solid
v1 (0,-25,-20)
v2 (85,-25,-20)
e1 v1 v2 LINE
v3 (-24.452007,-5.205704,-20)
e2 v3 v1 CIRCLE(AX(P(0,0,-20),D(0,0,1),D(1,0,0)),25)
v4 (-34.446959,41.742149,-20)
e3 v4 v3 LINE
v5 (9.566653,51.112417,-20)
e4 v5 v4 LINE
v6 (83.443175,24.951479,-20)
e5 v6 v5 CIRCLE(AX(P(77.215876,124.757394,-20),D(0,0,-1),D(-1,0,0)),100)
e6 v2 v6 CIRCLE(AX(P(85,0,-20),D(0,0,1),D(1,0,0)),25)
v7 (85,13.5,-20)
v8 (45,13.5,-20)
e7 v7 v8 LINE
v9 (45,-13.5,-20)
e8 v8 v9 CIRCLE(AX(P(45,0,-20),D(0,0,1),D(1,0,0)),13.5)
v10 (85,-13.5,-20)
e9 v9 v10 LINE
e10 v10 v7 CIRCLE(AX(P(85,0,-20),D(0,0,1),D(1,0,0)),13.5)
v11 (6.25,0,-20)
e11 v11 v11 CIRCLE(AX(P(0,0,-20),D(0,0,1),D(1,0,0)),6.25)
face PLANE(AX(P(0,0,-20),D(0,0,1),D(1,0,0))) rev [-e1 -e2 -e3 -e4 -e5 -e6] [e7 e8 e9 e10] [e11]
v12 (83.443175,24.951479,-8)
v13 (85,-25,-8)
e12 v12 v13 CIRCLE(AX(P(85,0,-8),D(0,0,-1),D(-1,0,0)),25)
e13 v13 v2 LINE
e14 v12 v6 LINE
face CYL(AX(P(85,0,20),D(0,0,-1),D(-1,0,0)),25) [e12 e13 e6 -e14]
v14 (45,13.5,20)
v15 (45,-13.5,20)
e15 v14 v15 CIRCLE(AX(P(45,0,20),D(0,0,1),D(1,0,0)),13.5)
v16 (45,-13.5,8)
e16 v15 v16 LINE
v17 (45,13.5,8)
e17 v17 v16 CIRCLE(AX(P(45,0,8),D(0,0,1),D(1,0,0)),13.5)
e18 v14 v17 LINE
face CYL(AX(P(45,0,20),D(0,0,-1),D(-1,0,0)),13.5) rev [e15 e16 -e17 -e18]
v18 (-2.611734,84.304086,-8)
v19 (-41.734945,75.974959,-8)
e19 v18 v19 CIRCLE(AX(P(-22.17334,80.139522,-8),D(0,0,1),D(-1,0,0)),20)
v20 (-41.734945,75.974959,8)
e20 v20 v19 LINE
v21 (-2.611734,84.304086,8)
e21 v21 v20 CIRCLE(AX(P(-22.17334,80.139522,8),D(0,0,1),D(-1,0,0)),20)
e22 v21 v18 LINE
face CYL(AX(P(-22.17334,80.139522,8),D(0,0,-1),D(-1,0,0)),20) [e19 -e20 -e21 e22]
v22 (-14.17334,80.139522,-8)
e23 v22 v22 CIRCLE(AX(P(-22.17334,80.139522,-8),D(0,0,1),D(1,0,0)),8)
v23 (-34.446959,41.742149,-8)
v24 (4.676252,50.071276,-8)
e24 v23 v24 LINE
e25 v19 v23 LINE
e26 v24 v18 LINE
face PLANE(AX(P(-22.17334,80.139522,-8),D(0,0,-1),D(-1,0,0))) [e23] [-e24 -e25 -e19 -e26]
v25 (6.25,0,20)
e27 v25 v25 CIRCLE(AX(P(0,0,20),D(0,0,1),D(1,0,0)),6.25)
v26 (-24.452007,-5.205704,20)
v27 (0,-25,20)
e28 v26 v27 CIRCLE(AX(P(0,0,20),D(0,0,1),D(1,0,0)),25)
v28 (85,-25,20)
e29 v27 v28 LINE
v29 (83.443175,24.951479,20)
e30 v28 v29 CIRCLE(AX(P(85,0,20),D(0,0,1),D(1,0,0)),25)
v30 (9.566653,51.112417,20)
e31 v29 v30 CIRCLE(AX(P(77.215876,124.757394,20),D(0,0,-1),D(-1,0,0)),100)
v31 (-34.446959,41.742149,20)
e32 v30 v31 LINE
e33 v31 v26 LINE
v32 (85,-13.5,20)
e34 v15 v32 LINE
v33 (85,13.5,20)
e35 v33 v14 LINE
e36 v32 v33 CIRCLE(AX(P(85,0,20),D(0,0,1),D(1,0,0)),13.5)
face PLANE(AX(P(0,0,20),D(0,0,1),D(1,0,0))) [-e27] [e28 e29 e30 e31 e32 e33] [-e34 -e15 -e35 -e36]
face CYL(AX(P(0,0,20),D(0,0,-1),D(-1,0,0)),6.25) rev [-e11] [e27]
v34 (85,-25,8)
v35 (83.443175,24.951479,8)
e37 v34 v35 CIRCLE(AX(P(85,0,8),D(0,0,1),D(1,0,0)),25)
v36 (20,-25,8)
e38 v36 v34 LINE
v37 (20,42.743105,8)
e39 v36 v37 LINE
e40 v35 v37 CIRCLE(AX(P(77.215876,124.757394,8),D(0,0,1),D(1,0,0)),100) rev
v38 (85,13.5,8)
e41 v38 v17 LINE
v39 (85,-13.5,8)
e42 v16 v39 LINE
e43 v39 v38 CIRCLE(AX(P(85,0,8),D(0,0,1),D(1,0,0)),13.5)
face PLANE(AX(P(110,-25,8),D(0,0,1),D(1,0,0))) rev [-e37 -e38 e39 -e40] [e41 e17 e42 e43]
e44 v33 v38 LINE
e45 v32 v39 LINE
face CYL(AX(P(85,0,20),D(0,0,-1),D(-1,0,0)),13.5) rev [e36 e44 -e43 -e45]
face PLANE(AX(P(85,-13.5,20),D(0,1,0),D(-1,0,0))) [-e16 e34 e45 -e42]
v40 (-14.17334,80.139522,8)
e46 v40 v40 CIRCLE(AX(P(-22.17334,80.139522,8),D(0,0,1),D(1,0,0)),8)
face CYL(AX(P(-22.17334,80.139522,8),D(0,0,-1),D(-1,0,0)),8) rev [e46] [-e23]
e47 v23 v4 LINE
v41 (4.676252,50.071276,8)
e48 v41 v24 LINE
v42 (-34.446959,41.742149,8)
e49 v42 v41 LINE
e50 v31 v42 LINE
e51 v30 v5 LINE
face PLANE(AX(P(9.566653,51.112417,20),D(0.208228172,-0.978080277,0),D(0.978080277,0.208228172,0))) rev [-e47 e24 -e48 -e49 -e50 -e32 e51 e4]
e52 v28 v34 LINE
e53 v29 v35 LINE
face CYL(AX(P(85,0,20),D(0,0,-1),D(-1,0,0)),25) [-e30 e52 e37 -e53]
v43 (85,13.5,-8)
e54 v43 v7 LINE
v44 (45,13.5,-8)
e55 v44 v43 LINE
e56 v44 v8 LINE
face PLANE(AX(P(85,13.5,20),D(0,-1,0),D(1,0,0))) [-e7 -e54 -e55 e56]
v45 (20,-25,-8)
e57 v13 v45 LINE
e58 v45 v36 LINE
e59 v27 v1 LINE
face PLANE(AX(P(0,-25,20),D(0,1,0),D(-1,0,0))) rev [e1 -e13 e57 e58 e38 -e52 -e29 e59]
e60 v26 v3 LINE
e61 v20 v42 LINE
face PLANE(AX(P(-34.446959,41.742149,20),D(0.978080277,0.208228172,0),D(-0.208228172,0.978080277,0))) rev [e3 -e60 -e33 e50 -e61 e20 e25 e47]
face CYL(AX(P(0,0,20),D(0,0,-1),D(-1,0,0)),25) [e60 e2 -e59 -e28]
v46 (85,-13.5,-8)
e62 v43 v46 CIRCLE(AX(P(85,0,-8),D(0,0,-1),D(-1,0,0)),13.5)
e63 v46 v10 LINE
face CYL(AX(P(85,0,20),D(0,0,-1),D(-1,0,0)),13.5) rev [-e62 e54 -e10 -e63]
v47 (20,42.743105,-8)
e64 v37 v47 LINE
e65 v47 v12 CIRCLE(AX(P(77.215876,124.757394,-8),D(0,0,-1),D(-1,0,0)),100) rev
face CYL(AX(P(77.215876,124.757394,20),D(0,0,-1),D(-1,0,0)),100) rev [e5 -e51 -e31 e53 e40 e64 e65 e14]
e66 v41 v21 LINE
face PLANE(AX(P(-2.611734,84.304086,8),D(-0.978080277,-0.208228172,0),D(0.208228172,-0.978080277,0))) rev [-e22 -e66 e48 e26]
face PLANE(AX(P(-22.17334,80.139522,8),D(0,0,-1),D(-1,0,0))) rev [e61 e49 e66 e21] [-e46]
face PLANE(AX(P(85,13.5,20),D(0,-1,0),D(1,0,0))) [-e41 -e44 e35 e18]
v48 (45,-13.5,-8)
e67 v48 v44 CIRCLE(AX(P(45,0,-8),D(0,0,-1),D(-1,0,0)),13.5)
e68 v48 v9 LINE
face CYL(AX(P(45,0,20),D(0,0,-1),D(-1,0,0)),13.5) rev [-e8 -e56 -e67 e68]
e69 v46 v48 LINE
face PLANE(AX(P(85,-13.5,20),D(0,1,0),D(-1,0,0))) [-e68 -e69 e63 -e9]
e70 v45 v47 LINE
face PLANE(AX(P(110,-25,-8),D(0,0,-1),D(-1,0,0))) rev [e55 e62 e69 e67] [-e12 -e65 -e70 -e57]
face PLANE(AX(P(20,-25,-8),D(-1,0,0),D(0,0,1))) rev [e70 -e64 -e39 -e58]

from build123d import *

# Parameters (mm, degrees)
SKETCH2_R               = 6.25
BOSS_EXTRUDE1_DEPTH     = 20
CUT_EXTRUDE1_DEPTH      = 123.932823709
CUT_EXTRUDE1_DEPTH_BACK = 123.932823709
SKETCH4_W               = 90
SKETCH4_H               = 16
SKETCH5_R               = 8
BOSS_EXTRUDE2_DEPTH     = 8


with BuildPart() as part:
    # Sketch2 → Boss-Extrude1 (new, symmetric)
    with BuildSketch(Plane.XY):
        with BuildLine():
            Line((0, -25), (85, -25))
            ThreePointArc((85, -25), (109.987866766, 0.7787904), (83.443175141, 24.951478841))
            ThreePointArc((83.443175141, 24.951478841), (43.835315137, 30.493200705), (9.566653282, 51.11241674))
            Line((9.566653282, 51.11241674), (-34.446959185, 41.742148997))
            Line((-34.446959185, 41.742148997), (-24.452006926, -5.205704301))
            ThreePointArc((-24.452006926, -5.205704301), (-15.729866377, -19.43119409), (0, -25))
        make_face()
        Circle(SKETCH2_R, mode=Mode.SUBTRACT)
        with BuildLine():
            Line((85, -13.5), (45, -13.5))
            ThreePointArc((45, -13.5), (31.5, 0), (45, 13.5))
            Line((45, 13.5), (85, 13.5))
            ThreePointArc((85, 13.5), (98.5, 0), (85, -13.5))
        make_face(mode=Mode.SUBTRACT)
    extrude(amount=BOSS_EXTRUDE1_DEPTH, both=True)

    # Sketch4 → Cut-Extrude1 (cut, two sides: drawn at the far end of the back side and taken through both)
    with BuildSketch(Plane(origin=(0, 0, 0), x_dir=(1, 0, 0), z_dir=(0, 1, 0)).offset(-CUT_EXTRUDE1_DEPTH_BACK)):
        with Locations((65, 0)):
            Rectangle(SKETCH4_W, SKETCH4_H)
    extrude(amount=CUT_EXTRUDE1_DEPTH + CUT_EXTRUDE1_DEPTH_BACK, mode=Mode.SUBTRACT)

    # Sketch5 → Boss-Extrude2 (add, symmetric)
    with BuildSketch(Plane.XY):
        with BuildLine():
            Line((-34.446959185, 41.742148997), (-41.734945207, 75.974958694))
            ThreePointArc((-41.734945207, 75.974958694), (-26.337903107, 99.701127676), (-2.611734125, 84.304085576))
            Line((-2.611734125, 84.304085576), (4.676251897, 50.071275879))
            Line((4.676251897, 50.071275879), (-34.446959185, 41.742148997))
        make_face()
        with Locations((-22.173339666, 80.139522135)):
            Circle(SKETCH5_R, mode=Mode.SUBTRACT)
    extrude(amount=BOSS_EXTRUDE2_DEPTH, both=True)


solid = part.part
